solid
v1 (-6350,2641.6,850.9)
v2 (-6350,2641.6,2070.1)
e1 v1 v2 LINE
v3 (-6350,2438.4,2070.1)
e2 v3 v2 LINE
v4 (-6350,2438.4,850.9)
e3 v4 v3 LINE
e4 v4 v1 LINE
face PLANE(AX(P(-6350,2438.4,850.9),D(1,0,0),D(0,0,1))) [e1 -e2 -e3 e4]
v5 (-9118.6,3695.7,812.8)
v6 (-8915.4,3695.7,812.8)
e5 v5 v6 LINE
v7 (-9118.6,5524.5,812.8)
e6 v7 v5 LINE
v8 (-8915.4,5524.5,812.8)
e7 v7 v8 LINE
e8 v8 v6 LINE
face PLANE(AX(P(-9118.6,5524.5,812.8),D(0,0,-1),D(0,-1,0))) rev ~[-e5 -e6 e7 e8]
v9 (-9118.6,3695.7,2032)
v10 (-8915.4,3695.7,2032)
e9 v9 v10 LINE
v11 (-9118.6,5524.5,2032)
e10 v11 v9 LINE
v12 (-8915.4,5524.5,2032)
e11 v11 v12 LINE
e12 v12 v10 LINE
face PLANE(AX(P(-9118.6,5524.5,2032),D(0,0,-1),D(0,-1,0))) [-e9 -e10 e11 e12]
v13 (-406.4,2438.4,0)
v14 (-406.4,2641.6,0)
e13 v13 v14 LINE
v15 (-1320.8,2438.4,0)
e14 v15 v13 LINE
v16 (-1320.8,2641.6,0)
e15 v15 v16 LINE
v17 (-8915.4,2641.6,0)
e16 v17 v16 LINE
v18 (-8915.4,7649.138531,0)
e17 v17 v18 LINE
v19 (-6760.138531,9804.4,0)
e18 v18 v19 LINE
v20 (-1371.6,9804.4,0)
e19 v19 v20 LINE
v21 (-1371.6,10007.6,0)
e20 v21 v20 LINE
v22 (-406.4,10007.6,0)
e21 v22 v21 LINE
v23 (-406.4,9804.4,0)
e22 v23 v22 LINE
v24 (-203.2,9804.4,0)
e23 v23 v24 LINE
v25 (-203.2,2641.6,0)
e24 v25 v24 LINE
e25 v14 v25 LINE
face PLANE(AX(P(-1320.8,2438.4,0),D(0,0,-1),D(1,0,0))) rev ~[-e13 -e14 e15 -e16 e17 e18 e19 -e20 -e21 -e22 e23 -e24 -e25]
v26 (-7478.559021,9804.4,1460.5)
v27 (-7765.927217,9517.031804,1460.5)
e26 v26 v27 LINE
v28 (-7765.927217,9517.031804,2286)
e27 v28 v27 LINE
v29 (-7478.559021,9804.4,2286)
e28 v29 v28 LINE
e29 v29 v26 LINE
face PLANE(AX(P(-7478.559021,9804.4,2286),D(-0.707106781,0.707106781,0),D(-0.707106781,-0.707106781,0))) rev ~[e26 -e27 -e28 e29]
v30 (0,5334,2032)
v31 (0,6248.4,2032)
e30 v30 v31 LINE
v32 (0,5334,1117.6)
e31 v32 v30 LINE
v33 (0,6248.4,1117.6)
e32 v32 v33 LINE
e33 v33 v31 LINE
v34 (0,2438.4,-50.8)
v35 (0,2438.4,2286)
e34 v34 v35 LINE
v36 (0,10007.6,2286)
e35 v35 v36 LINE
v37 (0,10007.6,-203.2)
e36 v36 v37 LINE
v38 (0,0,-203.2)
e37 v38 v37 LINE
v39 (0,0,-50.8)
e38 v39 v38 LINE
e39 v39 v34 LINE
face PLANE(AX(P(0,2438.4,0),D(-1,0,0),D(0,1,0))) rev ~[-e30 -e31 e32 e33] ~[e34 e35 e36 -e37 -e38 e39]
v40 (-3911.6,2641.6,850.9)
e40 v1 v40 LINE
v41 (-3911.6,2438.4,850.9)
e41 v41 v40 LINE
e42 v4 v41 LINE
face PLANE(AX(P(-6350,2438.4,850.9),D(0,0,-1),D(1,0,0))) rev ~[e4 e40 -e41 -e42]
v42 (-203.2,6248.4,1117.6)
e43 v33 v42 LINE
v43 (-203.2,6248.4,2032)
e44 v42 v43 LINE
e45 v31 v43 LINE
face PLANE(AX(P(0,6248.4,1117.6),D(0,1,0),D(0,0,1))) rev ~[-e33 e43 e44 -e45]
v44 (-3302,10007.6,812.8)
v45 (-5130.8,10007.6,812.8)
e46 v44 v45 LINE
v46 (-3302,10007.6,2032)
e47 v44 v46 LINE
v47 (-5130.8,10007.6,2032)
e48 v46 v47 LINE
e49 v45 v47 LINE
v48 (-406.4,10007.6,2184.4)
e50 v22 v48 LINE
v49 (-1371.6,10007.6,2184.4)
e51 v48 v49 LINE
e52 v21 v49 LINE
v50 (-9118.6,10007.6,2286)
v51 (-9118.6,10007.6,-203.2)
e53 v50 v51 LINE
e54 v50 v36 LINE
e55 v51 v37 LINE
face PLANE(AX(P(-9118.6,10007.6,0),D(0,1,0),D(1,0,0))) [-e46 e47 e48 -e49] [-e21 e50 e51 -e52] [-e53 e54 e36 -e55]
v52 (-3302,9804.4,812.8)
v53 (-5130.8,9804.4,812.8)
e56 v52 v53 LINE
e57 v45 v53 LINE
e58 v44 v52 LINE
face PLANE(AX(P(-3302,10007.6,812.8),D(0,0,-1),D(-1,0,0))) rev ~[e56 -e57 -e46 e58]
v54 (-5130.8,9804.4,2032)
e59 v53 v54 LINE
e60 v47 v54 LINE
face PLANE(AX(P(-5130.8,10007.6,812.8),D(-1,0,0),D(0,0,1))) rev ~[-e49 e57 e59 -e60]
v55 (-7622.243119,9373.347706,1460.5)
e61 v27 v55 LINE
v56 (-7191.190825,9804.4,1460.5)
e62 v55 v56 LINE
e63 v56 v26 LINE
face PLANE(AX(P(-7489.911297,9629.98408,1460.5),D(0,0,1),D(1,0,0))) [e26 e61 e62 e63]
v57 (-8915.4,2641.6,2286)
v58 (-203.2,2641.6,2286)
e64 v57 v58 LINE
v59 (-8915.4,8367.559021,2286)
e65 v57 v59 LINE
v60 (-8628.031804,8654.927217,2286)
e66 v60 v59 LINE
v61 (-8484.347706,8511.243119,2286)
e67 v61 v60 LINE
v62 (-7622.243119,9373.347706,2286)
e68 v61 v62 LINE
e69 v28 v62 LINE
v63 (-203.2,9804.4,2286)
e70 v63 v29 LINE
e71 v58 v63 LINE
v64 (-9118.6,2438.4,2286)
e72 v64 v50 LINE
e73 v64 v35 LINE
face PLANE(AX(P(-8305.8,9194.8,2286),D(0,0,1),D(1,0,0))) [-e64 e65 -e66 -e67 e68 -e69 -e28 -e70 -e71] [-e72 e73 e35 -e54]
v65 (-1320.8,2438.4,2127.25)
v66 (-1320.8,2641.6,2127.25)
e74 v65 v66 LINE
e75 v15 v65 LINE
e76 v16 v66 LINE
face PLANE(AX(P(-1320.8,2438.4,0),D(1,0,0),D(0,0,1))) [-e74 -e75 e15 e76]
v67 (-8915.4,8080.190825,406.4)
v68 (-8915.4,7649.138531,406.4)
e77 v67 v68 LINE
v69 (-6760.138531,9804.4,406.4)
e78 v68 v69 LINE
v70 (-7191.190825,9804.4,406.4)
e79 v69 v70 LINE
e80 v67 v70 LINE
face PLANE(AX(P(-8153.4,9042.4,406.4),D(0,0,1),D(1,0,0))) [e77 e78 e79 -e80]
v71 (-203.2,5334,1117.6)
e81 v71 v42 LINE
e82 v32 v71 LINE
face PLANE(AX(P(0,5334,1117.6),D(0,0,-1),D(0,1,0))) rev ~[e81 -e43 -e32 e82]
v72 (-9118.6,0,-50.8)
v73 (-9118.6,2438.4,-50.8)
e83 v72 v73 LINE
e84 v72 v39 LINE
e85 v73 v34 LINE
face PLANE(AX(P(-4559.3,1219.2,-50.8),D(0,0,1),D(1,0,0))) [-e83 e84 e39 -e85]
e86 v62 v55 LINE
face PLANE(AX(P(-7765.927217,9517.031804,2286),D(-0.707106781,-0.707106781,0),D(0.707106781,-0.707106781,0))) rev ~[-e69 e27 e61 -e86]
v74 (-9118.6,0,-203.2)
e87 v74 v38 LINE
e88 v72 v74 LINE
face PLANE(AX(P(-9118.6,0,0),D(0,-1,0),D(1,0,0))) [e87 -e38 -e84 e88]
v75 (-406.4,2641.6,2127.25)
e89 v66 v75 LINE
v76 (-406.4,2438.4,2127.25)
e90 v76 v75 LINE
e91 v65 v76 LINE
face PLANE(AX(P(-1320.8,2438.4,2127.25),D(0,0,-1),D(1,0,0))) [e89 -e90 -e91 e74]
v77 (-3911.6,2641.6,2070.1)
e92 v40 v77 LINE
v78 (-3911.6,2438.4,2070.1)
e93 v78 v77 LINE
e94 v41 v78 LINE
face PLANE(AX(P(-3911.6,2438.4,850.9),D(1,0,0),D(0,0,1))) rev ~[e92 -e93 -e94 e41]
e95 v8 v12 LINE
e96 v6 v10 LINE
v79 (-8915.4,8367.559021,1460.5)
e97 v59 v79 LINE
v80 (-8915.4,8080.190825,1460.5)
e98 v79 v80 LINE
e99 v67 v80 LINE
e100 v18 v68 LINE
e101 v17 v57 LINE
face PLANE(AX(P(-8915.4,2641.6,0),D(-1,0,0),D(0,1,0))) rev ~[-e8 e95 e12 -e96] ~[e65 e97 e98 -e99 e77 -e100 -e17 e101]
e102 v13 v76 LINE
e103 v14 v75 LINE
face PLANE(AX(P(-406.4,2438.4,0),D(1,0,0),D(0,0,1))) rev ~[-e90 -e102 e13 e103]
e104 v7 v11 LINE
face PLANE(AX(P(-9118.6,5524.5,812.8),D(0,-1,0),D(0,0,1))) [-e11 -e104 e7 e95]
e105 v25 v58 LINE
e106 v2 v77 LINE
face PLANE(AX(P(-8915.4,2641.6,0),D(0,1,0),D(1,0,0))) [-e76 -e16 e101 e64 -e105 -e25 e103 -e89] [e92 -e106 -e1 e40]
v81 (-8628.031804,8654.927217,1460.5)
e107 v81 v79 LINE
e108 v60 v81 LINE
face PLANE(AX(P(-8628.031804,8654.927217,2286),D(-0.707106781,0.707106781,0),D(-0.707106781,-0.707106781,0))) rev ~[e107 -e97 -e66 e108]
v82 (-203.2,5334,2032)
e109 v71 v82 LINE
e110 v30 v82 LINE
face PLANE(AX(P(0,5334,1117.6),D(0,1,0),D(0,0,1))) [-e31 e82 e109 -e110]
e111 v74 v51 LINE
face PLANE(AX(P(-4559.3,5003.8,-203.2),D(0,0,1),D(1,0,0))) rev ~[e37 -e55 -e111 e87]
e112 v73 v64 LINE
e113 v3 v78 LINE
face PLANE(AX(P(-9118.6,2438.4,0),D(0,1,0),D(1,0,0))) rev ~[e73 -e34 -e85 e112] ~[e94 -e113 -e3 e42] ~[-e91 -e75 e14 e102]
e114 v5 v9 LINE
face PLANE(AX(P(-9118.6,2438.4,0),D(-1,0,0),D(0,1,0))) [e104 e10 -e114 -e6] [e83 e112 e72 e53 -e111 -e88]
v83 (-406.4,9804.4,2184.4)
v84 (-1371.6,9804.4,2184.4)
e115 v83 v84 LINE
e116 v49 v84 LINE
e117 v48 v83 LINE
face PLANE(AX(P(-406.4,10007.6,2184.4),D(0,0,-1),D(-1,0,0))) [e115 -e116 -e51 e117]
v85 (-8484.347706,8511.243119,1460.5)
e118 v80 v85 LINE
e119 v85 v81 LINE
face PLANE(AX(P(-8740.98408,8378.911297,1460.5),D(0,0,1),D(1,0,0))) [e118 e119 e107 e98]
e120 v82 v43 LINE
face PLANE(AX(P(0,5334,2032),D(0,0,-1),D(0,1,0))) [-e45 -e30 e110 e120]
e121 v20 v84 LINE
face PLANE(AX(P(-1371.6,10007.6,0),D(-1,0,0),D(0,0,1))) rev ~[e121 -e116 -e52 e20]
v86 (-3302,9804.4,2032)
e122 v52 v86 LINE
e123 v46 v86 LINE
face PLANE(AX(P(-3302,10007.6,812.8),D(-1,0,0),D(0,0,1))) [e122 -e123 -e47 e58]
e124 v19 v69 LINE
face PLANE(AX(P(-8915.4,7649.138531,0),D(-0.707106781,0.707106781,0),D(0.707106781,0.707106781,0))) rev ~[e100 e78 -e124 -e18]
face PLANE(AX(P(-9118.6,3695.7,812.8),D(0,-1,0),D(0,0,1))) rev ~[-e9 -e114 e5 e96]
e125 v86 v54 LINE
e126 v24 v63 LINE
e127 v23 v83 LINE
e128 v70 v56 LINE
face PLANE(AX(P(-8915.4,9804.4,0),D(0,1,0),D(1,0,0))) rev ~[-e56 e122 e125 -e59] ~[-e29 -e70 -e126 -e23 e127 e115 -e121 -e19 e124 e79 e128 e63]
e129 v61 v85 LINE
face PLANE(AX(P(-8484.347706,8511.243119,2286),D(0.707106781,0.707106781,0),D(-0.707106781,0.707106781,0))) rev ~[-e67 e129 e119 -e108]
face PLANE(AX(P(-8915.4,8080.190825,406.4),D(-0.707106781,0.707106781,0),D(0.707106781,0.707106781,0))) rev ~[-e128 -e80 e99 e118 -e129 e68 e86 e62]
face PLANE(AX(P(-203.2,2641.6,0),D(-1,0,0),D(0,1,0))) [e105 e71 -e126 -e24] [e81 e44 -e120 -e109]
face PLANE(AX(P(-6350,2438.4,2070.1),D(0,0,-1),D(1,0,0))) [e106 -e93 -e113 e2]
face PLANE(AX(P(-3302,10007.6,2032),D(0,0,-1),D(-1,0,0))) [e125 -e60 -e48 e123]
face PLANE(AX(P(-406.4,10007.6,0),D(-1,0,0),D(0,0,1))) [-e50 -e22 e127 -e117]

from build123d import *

# Parameters (mm, degrees)
F0_W      = 9118.6
F0_H      = 10007.6
F1_DEPTH  = 203.2
F2_W      = 9118.6
F2_H      = 2438.4
F3_DEPTH  = 50.8
F4_W      = 9118.6
F4_H      = 7569.2
F4_W_2    = 8712.2
F4_H_2    = 7162.8
F5_DEPTH  = 2286
F6_W      = 914.4
F6_H      = 2127.25
F6_W_2    = 2438.4
F6_H_2    = 1219.2
F7_DEPTH  = 203.2
F8_W      = 914.4
F8_H      = 914.4
F9_DEPTH  = 203.2
F10_W     = 1828.8
F10_H     = 1219.2
F11_DEPTH = 203.2
F12_W     = 965.2
F12_H     = 2184.4
F13_DEPTH = 25.4
F14_W     = 1828.8
F14_H     = 1219.2
F15_DEPTH = 203.2
F17_DEPTH = 406.4
F19_DEPTH = 1879.6
F21_DEPTH = 825.5
F23_W     = 965.2
F23_H     = 2184.4
F24_DEPTH = 203.2


with BuildPart() as f1:
    # F0 (on Top) → F1 (new body)
    with BuildSketch(Plane.XY):
        with Locations((-4559.3, 5003.8)):
            Rectangle(F0_W, F0_H)
    extrude(amount=-F1_DEPTH)

    # F2 (on face) → F3 (cut)
    with BuildSketch(Plane.XY):
        with Locations((-4559.3, 1219.2)):
            Rectangle(F2_W, F2_H)
    extrude(amount=-F3_DEPTH, mode=Mode.SUBTRACT)

    # F4 (on face) → F5 (join)
    with BuildSketch(Plane.XY):
        with Locations((-4559.3, 6223)):
            Rectangle(F4_W, F4_H)
        with Locations((-4559.3, 6223)):
            Rectangle(F4_W_2, F4_H_2, mode=Mode.SUBTRACT)
    extrude(amount=F5_DEPTH)

    # F6 (on face) → F7 (cut, through all)
    with BuildSketch(Plane.XZ.offset(-2438.4)):
        with Locations((-863.6, 1063.625)):
            Rectangle(F6_W, F6_H)
        with Locations((-5130.8, 1460.5)):
            Rectangle(F6_W_2, F6_H_2)
    extrude(amount=-F7_DEPTH, mode=Mode.SUBTRACT)

    # F8 (on face) → F9 (cut, through all)
    with BuildSketch(Plane.YZ):
        with Locations((5791.2, 1574.8)):
            Rectangle(F8_W, F8_H)
    extrude(amount=-F9_DEPTH, mode=Mode.SUBTRACT)

    # F10 (on face) → F11 (cut, through all)
    with BuildSketch(Plane(origin=(0, 10007.6, 0), x_dir=(-1, 0, 0), z_dir=(0, 1, 0))):
        with Locations((4216.4, 1422.4)):
            Rectangle(F10_W, F10_H)
    extrude(amount=-F11_DEPTH, mode=Mode.SUBTRACT)

    # F12 (on face) → F13 (cut)
    with BuildSketch(Plane(origin=(0, 10007.6, 0), x_dir=(-1, 0, 0), z_dir=(0, 1, 0))):
        with Locations((889, 1092.2)):
            Rectangle(F12_W, F12_H)
    extrude(amount=-F13_DEPTH, mode=Mode.SUBTRACT)

    # F14 (on face) → F15 (cut, through all)
    with BuildSketch(Plane(origin=(-9118.6, 0, 0), x_dir=(0, -1, 0), z_dir=(-1, 0, 0))):
        with Locations((-4610.1, 1422.4)):
            Rectangle(F14_W, F14_H)
    extrude(amount=-F15_DEPTH, mode=Mode.SUBTRACT)

    # F16 (on face) → F17 (join)
    with BuildSketch(Plane.XY):
        Polygon((-6760.138531, 9804.4), (-8915.4, 9804.4), (-8915.4, 7649.138531), align=None)
    extrude(amount=F17_DEPTH)

    # F18 (on face) → F19 (join, through all)
    with BuildSketch(Plane.XY.offset(406.4)):
        Polygon((-8915.4, 9804.4), (-8915.4, 8080.190825), (-7191.190825, 9804.4), align=None)
    extrude(amount=F19_DEPTH)

    # F20 (on face) → F21 (cut)
    with BuildSketch(Plane.XY.offset(2286)):
        Polygon((-8915.4, 8080.190825), (-8484.347706, 8511.243119), (-8628.031804, 8654.927217), (-8915.4, 8367.559021), align=None)
        Polygon((-7765.927217, 9517.031804), (-7622.243119, 9373.347706), (-7191.190825, 9804.4), (-7478.559021, 9804.4), align=None)
    extrude(amount=-F21_DEPTH, mode=Mode.SUBTRACT)

    # F23 (on face) → F24 (cut, through all)
    with BuildSketch(Plane(origin=(0, 10007.6, 0), x_dir=(-1, 0, 0), z_dir=(0, 1, 0))):
        with Locations((889, 1092.2)):
            Rectangle(F23_W, F23_H)
    extrude(amount=-F24_DEPTH, mode=Mode.SUBTRACT)


solid = f1.part
